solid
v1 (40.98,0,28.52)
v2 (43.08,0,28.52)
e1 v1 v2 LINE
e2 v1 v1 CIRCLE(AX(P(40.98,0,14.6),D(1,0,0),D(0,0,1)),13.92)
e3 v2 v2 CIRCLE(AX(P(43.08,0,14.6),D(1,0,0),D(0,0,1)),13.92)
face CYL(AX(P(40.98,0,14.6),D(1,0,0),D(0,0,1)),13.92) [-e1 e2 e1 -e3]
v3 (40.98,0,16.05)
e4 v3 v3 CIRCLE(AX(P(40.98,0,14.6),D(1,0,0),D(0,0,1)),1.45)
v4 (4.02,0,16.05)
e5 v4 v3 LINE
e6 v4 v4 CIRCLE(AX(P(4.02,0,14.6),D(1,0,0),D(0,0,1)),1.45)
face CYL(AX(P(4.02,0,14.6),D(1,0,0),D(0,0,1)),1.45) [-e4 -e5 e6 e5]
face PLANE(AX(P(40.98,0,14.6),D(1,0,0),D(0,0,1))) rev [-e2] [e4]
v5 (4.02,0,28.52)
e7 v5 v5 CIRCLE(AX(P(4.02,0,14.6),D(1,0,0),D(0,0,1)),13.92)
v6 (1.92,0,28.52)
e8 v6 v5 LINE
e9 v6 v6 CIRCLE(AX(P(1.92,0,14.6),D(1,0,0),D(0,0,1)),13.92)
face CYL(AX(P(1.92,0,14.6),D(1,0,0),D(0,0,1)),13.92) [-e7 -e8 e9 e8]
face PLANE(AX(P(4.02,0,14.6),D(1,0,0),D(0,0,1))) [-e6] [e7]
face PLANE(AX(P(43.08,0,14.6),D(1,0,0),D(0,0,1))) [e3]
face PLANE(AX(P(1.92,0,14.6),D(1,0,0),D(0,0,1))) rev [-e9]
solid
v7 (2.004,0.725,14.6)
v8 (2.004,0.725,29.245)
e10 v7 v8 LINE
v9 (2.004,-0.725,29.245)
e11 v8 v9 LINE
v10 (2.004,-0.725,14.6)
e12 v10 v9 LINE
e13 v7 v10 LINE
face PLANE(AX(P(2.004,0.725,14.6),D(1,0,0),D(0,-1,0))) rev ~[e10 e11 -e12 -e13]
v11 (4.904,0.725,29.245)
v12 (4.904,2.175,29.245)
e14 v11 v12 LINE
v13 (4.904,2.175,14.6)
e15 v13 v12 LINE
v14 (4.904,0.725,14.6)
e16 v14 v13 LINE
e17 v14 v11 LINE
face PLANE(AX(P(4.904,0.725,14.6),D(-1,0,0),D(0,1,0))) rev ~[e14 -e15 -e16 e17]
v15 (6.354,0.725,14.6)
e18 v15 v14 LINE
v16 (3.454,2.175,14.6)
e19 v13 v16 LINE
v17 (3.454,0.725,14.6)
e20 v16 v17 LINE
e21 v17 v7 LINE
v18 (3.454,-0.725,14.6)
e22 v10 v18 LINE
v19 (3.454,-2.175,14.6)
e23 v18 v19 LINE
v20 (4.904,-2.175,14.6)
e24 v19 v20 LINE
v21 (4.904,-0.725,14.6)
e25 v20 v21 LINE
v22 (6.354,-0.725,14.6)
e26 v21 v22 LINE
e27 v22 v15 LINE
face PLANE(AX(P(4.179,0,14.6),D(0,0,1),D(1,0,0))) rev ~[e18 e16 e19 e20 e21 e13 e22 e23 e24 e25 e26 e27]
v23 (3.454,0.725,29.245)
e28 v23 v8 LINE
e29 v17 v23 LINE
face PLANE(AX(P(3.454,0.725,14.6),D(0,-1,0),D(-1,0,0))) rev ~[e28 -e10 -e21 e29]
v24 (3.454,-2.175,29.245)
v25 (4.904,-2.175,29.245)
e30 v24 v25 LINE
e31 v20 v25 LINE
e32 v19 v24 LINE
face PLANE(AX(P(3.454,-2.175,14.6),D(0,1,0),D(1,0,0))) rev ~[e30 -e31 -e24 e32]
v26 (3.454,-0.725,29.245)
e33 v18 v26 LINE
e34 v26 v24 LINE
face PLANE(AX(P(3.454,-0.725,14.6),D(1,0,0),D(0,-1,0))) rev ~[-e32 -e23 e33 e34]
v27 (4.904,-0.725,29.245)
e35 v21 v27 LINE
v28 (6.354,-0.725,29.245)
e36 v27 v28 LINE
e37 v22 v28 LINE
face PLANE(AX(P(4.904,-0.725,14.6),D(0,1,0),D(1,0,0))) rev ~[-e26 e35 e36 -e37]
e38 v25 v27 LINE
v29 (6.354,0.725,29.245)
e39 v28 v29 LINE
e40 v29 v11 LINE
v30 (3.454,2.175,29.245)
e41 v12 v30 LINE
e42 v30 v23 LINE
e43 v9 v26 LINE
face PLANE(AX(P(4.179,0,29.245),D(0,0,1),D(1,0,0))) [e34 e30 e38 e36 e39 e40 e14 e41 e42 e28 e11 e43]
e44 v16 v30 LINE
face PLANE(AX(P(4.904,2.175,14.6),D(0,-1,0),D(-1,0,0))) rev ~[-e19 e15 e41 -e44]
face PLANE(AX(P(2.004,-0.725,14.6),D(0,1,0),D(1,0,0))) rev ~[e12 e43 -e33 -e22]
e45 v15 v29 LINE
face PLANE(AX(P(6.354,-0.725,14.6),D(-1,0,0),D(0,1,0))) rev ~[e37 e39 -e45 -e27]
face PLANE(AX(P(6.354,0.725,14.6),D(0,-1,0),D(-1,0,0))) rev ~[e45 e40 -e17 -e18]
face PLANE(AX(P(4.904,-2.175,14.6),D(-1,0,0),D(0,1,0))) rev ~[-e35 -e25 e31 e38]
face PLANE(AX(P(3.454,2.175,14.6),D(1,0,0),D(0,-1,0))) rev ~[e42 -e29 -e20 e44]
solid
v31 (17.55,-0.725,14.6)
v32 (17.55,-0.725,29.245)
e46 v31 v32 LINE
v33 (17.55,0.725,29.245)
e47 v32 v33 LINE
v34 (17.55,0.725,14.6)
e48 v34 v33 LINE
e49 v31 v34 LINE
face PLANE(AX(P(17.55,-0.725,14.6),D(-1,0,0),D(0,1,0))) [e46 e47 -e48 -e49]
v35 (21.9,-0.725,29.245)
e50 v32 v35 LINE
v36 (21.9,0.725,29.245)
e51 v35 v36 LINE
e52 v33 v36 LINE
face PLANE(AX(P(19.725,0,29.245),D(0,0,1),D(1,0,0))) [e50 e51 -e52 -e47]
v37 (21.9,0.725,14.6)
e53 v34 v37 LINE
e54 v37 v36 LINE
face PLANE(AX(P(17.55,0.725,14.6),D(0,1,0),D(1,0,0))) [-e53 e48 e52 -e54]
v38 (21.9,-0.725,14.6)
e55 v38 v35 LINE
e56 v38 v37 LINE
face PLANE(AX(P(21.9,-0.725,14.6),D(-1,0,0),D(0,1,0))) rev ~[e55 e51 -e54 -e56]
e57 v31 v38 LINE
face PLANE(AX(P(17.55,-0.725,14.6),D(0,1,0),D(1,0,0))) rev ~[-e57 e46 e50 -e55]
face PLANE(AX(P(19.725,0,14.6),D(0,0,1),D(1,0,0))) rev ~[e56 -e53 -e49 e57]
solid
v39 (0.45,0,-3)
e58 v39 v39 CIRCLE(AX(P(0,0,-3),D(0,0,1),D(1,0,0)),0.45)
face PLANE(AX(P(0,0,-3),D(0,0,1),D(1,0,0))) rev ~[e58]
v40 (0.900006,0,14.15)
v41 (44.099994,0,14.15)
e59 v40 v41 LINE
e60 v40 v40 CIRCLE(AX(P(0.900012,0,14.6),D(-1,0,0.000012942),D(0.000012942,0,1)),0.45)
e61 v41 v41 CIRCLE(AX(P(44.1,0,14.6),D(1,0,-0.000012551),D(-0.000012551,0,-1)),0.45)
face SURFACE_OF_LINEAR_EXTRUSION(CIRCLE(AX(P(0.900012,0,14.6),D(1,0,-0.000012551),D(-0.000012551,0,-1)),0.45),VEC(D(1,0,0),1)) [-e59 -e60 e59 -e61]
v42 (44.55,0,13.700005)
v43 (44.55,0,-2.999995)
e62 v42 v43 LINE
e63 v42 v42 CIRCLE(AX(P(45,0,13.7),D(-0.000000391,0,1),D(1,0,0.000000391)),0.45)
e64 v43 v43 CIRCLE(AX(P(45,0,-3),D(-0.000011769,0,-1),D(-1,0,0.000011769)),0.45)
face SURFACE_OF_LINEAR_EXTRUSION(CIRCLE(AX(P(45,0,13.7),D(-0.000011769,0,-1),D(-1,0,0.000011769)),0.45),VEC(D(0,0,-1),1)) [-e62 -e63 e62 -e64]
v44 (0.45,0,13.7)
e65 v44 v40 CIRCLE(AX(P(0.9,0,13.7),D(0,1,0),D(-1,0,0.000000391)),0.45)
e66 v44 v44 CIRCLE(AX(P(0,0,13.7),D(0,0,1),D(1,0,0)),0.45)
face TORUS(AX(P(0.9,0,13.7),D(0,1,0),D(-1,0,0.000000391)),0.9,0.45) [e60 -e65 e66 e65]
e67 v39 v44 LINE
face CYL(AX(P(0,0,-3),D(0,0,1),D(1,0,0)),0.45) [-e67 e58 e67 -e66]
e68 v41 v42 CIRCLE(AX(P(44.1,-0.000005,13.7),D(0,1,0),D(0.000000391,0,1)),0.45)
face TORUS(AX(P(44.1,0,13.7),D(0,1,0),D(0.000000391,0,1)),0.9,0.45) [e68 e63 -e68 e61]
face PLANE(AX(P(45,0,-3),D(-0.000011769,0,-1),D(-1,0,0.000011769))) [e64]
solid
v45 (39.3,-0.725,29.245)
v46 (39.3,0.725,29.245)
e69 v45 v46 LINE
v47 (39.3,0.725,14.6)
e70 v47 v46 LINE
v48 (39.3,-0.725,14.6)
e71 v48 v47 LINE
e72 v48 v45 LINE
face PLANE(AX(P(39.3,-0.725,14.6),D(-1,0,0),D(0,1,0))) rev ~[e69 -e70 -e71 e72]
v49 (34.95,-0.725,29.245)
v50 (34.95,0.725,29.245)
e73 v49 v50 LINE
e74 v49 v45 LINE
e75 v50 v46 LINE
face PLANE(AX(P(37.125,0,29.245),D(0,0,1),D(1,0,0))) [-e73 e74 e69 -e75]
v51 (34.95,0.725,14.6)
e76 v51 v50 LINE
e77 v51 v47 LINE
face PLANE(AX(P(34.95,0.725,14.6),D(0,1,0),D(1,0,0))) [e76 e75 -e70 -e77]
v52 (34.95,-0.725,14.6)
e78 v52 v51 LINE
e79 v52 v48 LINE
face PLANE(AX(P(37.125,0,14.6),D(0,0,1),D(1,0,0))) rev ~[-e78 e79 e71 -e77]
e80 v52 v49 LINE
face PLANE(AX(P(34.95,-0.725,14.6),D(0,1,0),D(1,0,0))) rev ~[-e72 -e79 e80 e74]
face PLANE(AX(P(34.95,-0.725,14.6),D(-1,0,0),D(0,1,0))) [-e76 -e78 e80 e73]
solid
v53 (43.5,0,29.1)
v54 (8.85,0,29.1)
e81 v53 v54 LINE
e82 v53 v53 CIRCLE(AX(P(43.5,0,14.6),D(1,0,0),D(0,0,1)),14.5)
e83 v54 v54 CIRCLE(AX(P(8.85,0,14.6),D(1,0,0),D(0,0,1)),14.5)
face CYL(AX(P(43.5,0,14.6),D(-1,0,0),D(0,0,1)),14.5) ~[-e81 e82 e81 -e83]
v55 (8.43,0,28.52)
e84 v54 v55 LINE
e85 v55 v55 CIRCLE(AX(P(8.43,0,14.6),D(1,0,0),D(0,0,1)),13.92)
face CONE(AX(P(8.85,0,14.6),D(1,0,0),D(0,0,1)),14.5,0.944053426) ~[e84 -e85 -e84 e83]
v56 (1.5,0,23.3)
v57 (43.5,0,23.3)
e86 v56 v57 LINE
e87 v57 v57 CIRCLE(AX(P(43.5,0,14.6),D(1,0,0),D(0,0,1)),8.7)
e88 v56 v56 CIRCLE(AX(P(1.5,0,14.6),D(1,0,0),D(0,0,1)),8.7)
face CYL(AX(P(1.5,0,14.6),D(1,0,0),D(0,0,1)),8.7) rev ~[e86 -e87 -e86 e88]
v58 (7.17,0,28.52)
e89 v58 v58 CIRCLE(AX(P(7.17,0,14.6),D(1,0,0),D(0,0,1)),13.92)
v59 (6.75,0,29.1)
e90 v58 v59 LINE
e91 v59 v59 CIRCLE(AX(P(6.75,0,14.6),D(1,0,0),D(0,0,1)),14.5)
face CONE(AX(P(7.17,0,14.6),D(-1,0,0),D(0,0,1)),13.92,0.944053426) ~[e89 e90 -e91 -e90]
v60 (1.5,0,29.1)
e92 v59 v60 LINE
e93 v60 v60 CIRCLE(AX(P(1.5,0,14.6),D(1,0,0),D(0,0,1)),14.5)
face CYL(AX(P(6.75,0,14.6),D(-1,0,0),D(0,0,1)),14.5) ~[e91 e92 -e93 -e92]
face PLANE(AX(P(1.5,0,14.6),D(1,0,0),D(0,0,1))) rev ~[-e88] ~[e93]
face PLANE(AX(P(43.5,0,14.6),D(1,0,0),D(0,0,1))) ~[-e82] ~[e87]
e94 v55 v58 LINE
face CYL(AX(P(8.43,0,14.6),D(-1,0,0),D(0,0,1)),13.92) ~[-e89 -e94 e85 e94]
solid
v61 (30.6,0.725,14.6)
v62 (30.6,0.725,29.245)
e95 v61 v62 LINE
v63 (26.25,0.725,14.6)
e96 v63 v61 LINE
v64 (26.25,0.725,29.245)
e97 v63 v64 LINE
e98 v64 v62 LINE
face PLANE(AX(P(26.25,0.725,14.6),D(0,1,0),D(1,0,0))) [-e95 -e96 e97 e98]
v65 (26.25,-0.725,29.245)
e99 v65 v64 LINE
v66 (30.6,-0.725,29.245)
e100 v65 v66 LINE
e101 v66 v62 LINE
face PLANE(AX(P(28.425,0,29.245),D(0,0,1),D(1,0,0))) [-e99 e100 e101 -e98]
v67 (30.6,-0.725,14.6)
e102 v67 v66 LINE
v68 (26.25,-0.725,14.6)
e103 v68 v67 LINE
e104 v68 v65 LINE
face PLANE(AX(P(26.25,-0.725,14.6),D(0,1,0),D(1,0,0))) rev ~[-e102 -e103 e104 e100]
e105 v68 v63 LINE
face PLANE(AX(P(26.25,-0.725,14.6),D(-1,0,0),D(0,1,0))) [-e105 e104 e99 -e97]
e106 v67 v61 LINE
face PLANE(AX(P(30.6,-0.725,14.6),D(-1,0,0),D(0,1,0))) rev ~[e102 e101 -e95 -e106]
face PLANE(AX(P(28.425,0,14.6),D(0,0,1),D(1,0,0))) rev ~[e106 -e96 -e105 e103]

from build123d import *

# Parameters (mm, degrees)
SKETCH_R    = 0.45
SKETCH004_W = 4.35
SKETCH004_H = 1.45
PAD_DEPTH   = 14.645


with BuildPart() as sweep_body:
    # Sweep: sweep along a path in Sketch001
    with BuildLine(Plane.XZ) as sweep_path:
        Line((0, -3), (0, 13.7))
        ThreePointArc((0, 13.7), (0.263608, 14.3364), (0.900012, 14.6))
        Line((0.900012, 14.6), (44.1, 14.6))
        ThreePointArc((44.1, 14.6), (44.736396, 14.336396), (45, 13.7))
        Line((45, 13.7), (45, -3))
    # Sketch → Sweep (sweep)
    with BuildSketch(Plane.XY.offset(-2)):
        Circle(SKETCH_R)
    sweep(path=sweep_path.line)


with BuildPart() as revolution:
    # Sketch002 → Revolution (revolve)
    with BuildSketch(Plane.XZ):
        Polygon((1.5, 29.1), (1.5, 23.3), (43.5, 23.3), (43.5, 29.1), (8.85, 29.1), (8.43, 28.52), (7.17, 28.52), (6.75, 29.1), align=None)
    revolve(axis=Axis((6.97588, 0, 14.6), (1, 0, 0)))


with BuildPart() as revolution001:
    # Sketch003 → Revolution001 (revolve)
    with BuildSketch(Plane.XZ):
        Polygon((1.92, 28.52), (4.02, 28.52), (4.02, 16.05), (40.98, 16.05), (40.98, 28.52), (43.08, 28.52), (43.08, 14.6), (1.92, 14.6), align=None)
    revolve(axis=Axis((6.97588, 0, 14.6), (1, 0, 0)))


with BuildPart() as pad:
    # Sketch004 → Pad (new body)
    with BuildSketch(Plane.XY.offset(14.6)):
        with Locations((37.125, 0)):
            Rectangle(SKETCH004_W, SKETCH004_H)
        with Locations((28.425, 0)):
            Rectangle(SKETCH004_W, SKETCH004_H)
        with Locations((19.725, 0)):
            Rectangle(SKETCH004_W, SKETCH004_H)
        Polygon((3.454, 0.725), (2.004, 0.725), (2.004, -0.725), (3.454, -0.725), (3.454, -2.175), (4.904, -2.175), (4.904, -0.725), (6.354, -0.725), (6.354, 0.725), (4.904, 0.725), (4.904, 2.175), (3.454, 2.175), align=None)
    extrude(amount=PAD_DEPTH)


solid = Compound([sweep_body.part, revolution.part, revolution001.part, pad.part])
